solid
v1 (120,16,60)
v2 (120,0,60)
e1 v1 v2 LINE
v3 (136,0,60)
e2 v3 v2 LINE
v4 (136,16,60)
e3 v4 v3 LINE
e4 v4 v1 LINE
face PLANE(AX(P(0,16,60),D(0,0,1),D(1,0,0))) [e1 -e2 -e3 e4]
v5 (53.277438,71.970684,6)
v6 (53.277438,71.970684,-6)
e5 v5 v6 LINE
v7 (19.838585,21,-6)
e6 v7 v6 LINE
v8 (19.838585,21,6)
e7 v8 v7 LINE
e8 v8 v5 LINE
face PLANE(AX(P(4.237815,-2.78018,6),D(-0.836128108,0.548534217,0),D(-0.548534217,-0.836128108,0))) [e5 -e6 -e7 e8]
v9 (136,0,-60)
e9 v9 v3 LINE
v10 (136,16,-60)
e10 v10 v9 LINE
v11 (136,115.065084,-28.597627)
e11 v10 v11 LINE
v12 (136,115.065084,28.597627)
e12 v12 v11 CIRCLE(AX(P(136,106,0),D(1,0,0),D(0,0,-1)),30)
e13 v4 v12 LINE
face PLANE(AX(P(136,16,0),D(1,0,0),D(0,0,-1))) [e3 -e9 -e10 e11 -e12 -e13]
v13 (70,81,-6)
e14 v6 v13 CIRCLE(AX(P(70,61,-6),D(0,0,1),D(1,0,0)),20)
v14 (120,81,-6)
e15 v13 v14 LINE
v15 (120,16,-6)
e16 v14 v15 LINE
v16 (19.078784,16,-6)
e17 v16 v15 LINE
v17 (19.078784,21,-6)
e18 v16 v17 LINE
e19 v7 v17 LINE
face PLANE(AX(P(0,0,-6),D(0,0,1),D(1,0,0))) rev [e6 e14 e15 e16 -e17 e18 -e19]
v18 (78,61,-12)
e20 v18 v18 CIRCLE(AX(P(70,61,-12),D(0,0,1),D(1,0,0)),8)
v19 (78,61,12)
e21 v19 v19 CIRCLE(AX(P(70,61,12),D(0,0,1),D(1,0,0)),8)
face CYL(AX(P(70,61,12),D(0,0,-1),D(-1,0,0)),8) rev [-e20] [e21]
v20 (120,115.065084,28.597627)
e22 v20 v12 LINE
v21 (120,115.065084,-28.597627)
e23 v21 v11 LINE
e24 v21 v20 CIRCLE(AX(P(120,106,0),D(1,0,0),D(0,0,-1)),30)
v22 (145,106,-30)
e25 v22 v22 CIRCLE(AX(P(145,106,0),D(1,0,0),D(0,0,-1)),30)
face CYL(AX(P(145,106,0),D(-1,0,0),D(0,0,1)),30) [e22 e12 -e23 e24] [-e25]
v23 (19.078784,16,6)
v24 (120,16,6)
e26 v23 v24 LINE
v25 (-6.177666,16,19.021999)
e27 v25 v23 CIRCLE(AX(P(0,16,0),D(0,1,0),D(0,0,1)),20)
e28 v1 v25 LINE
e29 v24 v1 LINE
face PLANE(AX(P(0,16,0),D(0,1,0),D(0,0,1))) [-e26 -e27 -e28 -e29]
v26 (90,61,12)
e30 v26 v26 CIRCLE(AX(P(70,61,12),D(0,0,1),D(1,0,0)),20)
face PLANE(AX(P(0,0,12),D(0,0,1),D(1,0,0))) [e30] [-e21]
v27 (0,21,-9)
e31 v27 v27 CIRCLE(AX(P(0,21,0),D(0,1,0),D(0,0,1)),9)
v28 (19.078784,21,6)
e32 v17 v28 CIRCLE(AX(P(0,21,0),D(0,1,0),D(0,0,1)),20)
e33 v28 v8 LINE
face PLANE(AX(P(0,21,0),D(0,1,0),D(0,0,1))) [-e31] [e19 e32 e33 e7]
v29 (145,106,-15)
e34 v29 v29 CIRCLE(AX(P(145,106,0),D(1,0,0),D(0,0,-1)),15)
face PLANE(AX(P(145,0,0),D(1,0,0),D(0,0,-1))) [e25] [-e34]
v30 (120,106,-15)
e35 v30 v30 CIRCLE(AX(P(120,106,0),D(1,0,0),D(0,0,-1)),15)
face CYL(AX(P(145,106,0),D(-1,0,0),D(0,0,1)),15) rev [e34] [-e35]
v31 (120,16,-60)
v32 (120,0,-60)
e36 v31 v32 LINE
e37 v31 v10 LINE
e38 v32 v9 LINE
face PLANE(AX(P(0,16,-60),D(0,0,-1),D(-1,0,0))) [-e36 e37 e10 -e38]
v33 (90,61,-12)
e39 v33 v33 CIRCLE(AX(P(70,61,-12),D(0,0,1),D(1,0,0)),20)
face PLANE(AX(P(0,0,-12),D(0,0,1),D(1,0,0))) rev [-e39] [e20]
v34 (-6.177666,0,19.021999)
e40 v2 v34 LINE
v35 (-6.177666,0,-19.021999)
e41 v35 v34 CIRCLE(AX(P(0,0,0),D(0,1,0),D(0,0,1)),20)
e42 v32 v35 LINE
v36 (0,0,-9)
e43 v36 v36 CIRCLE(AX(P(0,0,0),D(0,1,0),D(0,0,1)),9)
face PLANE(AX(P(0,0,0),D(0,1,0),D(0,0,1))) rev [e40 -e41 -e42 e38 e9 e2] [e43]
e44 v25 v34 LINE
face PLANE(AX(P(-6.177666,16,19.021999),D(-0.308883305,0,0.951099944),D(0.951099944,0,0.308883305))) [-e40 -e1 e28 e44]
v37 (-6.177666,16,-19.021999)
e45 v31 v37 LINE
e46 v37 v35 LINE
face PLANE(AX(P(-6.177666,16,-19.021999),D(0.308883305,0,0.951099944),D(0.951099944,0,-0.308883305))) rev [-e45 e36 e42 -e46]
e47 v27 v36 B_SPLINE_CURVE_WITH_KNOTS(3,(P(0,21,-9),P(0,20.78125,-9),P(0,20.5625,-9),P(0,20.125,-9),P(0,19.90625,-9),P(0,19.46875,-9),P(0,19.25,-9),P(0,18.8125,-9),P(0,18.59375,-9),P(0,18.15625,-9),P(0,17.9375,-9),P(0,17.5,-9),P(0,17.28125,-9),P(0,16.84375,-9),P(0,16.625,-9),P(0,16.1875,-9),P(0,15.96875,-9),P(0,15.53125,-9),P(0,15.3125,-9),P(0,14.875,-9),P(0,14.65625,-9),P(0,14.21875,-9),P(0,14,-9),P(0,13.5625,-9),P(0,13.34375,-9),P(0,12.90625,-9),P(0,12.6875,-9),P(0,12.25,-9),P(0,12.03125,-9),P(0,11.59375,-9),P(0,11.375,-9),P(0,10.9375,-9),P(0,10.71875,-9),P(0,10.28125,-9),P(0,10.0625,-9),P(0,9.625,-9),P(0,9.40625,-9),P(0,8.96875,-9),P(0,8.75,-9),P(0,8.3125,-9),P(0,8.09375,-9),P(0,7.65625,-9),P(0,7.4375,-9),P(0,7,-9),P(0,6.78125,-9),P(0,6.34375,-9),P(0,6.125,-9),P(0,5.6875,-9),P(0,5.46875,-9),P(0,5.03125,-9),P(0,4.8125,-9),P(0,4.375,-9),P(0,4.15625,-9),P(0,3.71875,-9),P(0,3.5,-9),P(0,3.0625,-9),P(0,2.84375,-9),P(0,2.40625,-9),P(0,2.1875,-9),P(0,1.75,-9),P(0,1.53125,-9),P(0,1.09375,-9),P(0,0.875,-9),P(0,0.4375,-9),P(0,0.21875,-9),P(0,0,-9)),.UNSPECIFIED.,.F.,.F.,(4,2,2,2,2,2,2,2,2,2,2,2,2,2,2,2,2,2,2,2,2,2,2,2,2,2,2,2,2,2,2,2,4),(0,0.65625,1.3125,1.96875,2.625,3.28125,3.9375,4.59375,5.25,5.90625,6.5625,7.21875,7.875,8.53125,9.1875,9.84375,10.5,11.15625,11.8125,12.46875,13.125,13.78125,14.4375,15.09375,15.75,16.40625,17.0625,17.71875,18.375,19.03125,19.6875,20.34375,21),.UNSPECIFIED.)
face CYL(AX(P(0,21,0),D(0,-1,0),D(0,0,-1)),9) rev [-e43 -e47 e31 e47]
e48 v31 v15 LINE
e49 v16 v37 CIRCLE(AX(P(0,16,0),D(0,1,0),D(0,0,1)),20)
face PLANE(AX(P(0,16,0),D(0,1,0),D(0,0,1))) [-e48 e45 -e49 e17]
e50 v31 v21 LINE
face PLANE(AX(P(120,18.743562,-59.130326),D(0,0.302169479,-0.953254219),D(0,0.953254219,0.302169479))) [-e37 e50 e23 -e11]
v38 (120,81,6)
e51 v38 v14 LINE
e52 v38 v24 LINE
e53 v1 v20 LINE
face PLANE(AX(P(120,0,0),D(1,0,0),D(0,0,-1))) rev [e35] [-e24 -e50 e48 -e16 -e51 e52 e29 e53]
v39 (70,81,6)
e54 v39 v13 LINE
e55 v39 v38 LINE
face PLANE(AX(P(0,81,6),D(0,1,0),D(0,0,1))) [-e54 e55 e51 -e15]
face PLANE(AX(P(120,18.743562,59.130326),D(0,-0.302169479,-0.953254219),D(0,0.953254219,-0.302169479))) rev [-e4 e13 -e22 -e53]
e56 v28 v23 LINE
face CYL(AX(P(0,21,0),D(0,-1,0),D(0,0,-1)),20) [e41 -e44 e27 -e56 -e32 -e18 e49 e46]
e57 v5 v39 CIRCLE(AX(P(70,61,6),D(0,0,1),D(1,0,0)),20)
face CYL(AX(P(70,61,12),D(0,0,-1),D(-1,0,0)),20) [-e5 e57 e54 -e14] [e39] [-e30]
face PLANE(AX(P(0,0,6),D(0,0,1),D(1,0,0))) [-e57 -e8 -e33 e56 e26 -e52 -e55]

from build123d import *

# Parameters (mm, degrees)
SKETCH1_R           = 9
BOSS_EXTRUDE1_DEPTH = 21
BOSS_EXTRUDE2_DEPTH = 16
BOSS_EXTRUDE3_DEPTH = 16
BOSS_EXTRUDE4_START = 9
SKETCH2_3_R         = 15
BOSS_EXTRUDE4_DEPTH = 25
GURT_R              = 8
BOSS_EXTRUDE5_DEPTH = 12
BOSS_EXTRUDE6_DEPTH = 6
BOSS_EXTRUDE7_DEPTH = 5


with BuildPart() as part:
    # Sketch1 → Boss-Extrude1 (new body)
    with BuildSketch(Plane(origin=(0, 0, 0), x_dir=(1, 0, 0), z_dir=(0, 1, 0))):
        with BuildLine():
            ThreePointArc((-6.177666108, 19.021998882), (-20, 0), (-6.177666108, -19.021998882))
            ThreePointArc((-6.177666108, -19.021998882), (11.756842217, -16.179513623), (20, 0))
            ThreePointArc((20, 0), (11.756842217, 16.179513623), (-6.177666108, 19.021998882))
        make_face()
        Circle(SKETCH1_R, mode=Mode.SUBTRACT)
    extrude(amount=BOSS_EXTRUDE1_DEPTH)

    # Sketch1<3> → Boss-Extrude2 (add)
    with BuildSketch(Plane(origin=(0, 0, 0), x_dir=(1, 0, 0), z_dir=(0, 1, 0))):
        with BuildLine():
            ThreePointArc((-6.177666108, 19.021998882), (20, 0), (-6.177666108, -19.021998882))
            Line((-6.177666108, -19.021998882), (120, -60))
            Line((120, -60), (136, -60))
            Line((136, -60), (136, 60))
            Line((136, 60), (120, 60))
            Line((120, 60), (-6.177666108, 19.021998882))
        make_face()
    extrude(amount=BOSS_EXTRUDE2_DEPTH)

    # Sketch2 → Boss-Extrude3 (add)
    with BuildSketch(Plane(origin=(136, 0, 0), x_dir=(0, 0, -1), z_dir=(1, 0, 0))):
        with BuildLine():
            Line((-28.597626566, 115.065084378), (-60, 16))
            Line((-60, 16), (60, 16))
            Line((60, 16), (28.597626566, 115.065084378))
            ThreePointArc((28.597626566, 115.065084378), (29.64733375, 110.586458493), (30, 106))
            ThreePointArc((30, 106), (-4.586458493, 76.35266625), (-28.597626566, 115.065084378))
        make_face()
    extrude(amount=-BOSS_EXTRUDE3_DEPTH)

    # Sketch2<3> → Boss-Extrude4 (add)
    with BuildSketch(Plane(origin=(136, 0, 0), x_dir=(0, 0, -1), z_dir=(1, 0, 0)).offset(BOSS_EXTRUDE4_START)):
        with BuildLine():
            ThreePointArc((28.597626566, 115.065084378), (0, 136), (-28.597626566, 115.065084378))
            ThreePointArc((-28.597626566, 115.065084378), (-4.586458493, 76.35266625), (30, 106))
            ThreePointArc((30, 106), (29.64733375, 110.586458493), (28.597626566, 115.065084378))
        make_face()
        with Locations((0, 106)):
            Circle(SKETCH2_3_R, mode=Mode.SUBTRACT)
    extrude(amount=-BOSS_EXTRUDE4_DEPTH)



with BuildPart() as body_2:
    # gurt → Boss-Extrude5 (new, symmetric)
    with BuildSketch(Plane.XY):
        with BuildLine():
            ThreePointArc((90, 61), (84.142135624, 75.142135624), (70, 81))
            ThreePointArc((70, 81), (60.497728875, 78.598489807), (53.277437847, 71.970684347))
            ThreePointArc((53.277437847, 71.970684347), (64.275108868, 41.83686817), (90, 61))
        make_face()
        with Locations((70, 61)):
            Circle(GURT_R, mode=Mode.SUBTRACT)
    extrude(amount=BOSS_EXTRUDE5_DEPTH, both=True)


with BuildPart() as part_1:
    add(part.part)

    add(body_2.part)  # Boss-Extrude6 merges body 2
    # gurt<4> → Boss-Extrude6 (add, symmetric)
    with BuildSketch(Plane.XY):
        with BuildLine():
            Line((120, 81), (70, 81))
            ThreePointArc((70, 81), (84.142135624, 75.142135624), (90, 61))
            ThreePointArc((90, 61), (64.275108868, 41.83686817), (53.277437847, 71.970684347))
            Line((53.277437847, 71.970684347), (19.838585367, 21))
            Line((19.838585367, 21), (19.838585367, 16))
            Line((19.838585367, 16), (120, 16))
            Line((120, 16), (120, 81))
        make_face()
    extrude(amount=BOSS_EXTRUDE6_DEPTH, both=True)

    # Sketch4 → Boss-Extrude7 (add)
    with BuildSketch(Plane(origin=(0, 16, 0), x_dir=(1, 0, 0), z_dir=(0, 1, 0))):
        Polygon((19.838585367, 2.535849097), (19.838585367, 6), (18.936316569, 6), align=None)
        Polygon((19.838585367, -6), (18.936316569, -6), (19.838585367, -2.535849097), align=None)
    extrude(amount=BOSS_EXTRUDE7_DEPTH)


solid = part_1.part
